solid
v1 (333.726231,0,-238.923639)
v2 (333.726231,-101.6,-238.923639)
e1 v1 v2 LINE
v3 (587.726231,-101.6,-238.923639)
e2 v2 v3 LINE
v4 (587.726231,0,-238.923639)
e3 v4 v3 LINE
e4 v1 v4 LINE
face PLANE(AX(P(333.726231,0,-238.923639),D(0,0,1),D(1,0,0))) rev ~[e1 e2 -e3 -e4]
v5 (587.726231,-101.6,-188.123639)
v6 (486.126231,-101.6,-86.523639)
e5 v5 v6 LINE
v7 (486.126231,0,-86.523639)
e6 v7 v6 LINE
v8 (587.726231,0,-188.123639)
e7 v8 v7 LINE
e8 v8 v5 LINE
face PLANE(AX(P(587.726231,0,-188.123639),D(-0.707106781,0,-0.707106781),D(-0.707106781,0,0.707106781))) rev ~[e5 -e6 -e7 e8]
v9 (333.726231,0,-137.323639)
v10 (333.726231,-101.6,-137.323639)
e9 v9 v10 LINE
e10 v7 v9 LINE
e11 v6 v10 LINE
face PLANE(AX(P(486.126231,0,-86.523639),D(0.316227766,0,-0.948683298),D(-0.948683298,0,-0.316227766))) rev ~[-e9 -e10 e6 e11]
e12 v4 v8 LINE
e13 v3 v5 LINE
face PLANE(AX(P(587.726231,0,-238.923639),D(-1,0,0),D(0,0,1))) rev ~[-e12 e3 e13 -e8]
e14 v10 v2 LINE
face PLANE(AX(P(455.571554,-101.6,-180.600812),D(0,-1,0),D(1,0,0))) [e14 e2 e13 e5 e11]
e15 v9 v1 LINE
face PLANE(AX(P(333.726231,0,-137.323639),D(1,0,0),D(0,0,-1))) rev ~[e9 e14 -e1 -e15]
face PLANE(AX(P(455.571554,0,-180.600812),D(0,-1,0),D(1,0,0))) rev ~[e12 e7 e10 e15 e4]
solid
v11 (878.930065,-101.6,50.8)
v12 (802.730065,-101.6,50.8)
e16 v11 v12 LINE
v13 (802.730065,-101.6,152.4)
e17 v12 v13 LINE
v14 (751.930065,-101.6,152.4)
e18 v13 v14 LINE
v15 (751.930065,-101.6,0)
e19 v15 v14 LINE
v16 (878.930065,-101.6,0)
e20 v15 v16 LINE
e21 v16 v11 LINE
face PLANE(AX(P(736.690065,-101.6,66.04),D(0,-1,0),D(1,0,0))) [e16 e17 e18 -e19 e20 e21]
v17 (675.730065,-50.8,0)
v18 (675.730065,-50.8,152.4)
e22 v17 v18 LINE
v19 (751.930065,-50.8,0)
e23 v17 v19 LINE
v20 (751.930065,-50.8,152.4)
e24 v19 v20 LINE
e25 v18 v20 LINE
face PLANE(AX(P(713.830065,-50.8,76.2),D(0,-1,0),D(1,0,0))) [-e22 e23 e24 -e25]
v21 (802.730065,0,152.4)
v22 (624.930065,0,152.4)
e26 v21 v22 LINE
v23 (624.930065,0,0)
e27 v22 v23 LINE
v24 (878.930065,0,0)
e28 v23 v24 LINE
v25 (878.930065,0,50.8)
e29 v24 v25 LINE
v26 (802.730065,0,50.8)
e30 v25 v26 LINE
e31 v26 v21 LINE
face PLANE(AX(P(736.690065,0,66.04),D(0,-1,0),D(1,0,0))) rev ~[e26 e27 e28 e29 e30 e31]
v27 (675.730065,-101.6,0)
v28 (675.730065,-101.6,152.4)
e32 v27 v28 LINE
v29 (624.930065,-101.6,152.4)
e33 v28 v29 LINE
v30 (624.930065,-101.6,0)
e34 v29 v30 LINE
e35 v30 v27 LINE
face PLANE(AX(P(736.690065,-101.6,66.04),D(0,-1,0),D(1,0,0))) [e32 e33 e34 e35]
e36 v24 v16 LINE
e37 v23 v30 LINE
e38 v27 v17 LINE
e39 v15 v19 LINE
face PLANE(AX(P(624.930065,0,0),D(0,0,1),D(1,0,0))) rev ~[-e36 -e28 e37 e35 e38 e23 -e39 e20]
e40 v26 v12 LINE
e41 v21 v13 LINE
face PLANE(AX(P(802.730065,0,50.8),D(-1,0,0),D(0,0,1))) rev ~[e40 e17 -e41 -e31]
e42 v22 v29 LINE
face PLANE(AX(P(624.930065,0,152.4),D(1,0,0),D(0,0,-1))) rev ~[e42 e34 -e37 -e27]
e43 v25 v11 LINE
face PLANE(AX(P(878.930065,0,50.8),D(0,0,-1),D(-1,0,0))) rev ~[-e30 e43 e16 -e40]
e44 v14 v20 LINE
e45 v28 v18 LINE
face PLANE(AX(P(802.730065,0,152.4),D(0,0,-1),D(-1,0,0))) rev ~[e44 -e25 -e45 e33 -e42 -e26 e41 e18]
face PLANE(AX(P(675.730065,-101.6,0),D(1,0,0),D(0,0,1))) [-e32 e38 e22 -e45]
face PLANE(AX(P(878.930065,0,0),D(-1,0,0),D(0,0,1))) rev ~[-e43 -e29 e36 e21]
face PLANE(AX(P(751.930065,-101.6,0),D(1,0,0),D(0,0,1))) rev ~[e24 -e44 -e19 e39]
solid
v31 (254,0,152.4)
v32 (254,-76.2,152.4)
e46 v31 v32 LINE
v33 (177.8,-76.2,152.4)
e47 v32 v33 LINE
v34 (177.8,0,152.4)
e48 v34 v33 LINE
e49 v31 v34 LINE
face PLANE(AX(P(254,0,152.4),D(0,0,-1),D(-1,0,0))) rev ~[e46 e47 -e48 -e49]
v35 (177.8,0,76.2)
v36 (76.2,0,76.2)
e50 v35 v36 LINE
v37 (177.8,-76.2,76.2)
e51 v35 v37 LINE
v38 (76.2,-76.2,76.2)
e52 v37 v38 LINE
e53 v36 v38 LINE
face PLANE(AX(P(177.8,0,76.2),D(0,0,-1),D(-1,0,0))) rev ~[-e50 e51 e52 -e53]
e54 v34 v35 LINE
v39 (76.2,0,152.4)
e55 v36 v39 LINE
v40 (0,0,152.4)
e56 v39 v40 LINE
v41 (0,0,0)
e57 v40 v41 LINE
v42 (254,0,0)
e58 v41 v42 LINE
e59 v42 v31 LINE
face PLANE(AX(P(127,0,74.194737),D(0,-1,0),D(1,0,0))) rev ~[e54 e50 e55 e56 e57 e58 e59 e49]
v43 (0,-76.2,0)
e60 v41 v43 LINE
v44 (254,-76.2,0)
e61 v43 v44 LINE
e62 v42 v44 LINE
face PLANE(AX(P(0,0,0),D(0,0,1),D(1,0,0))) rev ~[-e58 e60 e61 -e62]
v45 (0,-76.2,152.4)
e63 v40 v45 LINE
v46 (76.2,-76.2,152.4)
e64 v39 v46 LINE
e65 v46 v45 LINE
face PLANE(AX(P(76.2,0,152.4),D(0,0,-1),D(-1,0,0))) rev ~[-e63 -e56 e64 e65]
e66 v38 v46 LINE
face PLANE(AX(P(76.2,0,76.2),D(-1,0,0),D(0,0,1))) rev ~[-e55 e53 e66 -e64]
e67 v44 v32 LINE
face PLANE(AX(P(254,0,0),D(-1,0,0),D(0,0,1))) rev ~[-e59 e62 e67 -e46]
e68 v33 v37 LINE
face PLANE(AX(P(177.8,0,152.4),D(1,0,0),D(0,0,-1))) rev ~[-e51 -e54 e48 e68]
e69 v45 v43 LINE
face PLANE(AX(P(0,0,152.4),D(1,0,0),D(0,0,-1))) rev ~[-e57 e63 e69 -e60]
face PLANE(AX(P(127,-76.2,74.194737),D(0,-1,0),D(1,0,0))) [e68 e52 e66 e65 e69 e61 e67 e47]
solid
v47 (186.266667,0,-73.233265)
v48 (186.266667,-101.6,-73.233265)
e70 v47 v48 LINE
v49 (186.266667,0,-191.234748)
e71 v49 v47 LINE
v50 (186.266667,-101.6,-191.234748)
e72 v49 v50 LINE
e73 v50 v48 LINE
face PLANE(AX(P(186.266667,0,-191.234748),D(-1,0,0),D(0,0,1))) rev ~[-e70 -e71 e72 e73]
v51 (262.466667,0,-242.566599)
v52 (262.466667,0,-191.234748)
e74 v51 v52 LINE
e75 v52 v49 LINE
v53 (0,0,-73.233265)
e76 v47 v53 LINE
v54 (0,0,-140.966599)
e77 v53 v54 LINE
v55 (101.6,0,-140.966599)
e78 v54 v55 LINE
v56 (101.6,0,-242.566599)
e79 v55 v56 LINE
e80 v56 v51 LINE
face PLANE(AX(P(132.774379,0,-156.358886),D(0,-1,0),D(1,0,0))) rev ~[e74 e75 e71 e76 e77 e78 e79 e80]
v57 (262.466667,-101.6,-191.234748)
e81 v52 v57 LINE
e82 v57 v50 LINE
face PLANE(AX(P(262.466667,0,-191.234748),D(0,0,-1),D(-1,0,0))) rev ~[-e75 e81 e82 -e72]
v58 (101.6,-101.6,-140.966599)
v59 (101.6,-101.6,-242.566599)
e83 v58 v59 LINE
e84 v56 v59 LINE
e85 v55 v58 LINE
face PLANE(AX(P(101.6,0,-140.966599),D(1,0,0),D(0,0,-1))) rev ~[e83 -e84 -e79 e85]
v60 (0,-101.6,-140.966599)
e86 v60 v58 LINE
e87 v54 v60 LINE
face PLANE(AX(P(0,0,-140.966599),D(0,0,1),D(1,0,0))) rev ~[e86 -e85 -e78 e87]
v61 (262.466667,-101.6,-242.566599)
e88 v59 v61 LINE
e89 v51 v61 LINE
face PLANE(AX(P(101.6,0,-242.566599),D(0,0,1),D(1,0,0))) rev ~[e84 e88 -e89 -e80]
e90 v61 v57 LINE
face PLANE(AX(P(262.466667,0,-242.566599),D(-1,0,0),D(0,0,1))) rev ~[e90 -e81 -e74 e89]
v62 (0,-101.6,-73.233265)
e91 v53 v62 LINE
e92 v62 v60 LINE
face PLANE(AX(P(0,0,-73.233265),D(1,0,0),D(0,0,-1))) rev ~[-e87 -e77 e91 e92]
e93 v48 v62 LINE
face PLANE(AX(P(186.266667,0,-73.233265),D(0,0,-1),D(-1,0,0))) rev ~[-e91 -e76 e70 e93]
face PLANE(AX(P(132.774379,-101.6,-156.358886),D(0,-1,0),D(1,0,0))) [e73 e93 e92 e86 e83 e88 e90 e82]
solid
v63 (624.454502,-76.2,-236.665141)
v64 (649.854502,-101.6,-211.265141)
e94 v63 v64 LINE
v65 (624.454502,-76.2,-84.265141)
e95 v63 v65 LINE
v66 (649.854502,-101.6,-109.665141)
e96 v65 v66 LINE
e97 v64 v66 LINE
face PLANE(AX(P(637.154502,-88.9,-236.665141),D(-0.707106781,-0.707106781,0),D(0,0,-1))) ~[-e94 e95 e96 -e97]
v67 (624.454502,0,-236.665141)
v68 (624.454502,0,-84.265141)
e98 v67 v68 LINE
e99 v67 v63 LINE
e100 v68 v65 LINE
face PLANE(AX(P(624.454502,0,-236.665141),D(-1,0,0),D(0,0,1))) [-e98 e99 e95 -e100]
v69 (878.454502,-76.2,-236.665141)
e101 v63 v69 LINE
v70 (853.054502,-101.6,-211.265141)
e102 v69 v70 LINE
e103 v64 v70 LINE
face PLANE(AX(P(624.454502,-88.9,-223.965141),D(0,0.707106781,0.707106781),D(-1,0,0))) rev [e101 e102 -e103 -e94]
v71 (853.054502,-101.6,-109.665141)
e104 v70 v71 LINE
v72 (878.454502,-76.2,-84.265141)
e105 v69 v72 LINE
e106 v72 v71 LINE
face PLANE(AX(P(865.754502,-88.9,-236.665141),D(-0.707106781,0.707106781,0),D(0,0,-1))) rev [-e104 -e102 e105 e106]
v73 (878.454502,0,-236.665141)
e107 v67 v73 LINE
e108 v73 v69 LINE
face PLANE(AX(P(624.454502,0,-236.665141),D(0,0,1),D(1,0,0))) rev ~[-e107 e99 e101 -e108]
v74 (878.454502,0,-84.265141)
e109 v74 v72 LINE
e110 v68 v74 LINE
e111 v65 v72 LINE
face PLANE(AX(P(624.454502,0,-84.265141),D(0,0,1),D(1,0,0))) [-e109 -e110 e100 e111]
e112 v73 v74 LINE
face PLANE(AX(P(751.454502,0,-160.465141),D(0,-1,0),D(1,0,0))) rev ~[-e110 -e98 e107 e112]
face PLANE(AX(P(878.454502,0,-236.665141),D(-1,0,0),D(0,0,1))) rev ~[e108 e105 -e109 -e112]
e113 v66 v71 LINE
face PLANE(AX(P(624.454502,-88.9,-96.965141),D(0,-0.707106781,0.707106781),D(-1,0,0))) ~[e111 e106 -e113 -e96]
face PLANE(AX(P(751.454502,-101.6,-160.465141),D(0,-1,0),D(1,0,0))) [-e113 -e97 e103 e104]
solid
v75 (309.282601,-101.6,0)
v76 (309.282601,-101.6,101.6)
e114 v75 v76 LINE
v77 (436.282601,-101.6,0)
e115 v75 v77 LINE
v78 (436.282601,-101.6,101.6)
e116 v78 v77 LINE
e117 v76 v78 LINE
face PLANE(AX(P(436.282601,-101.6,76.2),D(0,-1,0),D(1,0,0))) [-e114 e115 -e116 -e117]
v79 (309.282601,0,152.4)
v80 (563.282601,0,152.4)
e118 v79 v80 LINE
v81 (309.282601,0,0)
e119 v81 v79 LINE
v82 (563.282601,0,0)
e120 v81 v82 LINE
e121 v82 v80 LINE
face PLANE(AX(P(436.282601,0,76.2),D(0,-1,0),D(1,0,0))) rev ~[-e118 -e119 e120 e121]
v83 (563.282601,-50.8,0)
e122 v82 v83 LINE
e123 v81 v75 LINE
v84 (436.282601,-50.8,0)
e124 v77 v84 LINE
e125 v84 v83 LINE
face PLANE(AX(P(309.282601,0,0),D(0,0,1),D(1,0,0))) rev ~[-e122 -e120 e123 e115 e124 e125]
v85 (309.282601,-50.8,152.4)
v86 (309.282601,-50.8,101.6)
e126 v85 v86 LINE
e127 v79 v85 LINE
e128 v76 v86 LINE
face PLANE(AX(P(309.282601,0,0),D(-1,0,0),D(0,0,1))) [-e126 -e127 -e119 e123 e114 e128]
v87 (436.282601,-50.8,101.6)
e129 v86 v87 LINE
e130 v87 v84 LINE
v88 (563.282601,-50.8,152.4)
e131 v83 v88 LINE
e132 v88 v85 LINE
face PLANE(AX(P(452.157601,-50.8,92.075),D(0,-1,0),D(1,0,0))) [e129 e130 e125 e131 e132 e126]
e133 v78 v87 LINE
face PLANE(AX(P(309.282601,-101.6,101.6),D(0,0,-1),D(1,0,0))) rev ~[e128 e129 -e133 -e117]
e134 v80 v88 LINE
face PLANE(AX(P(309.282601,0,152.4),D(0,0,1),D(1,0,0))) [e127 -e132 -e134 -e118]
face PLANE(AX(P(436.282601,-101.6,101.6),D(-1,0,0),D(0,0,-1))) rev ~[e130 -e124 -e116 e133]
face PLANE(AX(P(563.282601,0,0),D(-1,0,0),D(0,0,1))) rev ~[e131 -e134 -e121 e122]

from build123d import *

# Parameters (mm, degrees)
F1_DEPTH  = 76.2
F2_W      = 254
F2_H      = 152.4
F3_DEPTH  = 101.6
F5_DEPTH  = 50.8
F6_W      = 76.2
F6_H      = 101.6
F7_DEPTH  = 101.6
F8_W      = 76.2
F8_H      = 152.4
F9_DEPTH  = 50.8
F11_DEPTH = 101.6
F13_DEPTH = 101.6
F14_W     = 254
F14_H     = 152.4
F15_DEPTH = 101.6
F16_SIZE  = 25.4


with BuildPart() as f1:
    # F0 (on Front) → F1 (new body)
    with BuildSketch(Plane.XZ):
        Polygon((0, 152.4), (0, 0), (254, 0), (254, 152.4), (177.8, 152.4), (177.8, 76.2), (76.2, 76.2), (76.2, 152.4), align=None)
    extrude(amount=F1_DEPTH)


with BuildPart() as f3:
    # F2 (on Front) → F3 (new body)
    with BuildSketch(Plane.XZ):
        with Locations((436.282601, 76.2)):
            Rectangle(F2_W, F2_H)
    extrude(amount=F3_DEPTH)

    # F4 (on face) → F5 (cut)
    with BuildSketch(Plane.XZ.offset(101.6)):
        Polygon((309.282601, 152.4), (309.282601, 101.6), (436.282601, 101.6), (436.282601, 0), (563.282601, 0), (563.282601, 152.4), align=None)
    extrude(amount=-F5_DEPTH, mode=Mode.SUBTRACT)


with BuildPart() as f7:
    # F6 (on Front) → F7 (new body)
    with BuildSketch(Plane.XZ):
        Polygon((624.930065, 152.4), (624.930065, 0), (878.930065, 0), (878.930065, 50.8), (802.730065, 50.8), (802.730065, 152.4), (751.930065, 152.4), (751.930065, 50.8), (675.730065, 50.8), (675.730065, 152.4), align=None)
        with Locations((713.830065, 101.6)):
            Rectangle(F6_W, F6_H)
    extrude(amount=F7_DEPTH)

    # F8 (on face) → F9 (cut)
    with BuildSketch(Plane.XZ.offset(101.6)):
        with Locations((713.830065, 76.2)):
            Rectangle(F8_W, F8_H)
    extrude(amount=-F9_DEPTH, mode=Mode.SUBTRACT)


with BuildPart() as f11:
    # F10 (on Front) → F11 (new body)
    with BuildSketch(Plane.XZ):
        Polygon((186.266667, -73.233265), (0, -73.233265), (0, -140.966599), (101.6, -140.966599), (101.6, -242.566599), (262.466667, -242.566599), (262.466667, -191.234748), (186.266667, -191.234748), align=None)
    extrude(amount=F11_DEPTH)


with BuildPart() as f13:
    # F12 (on Front) → F13 (new body)
    with BuildSketch(Plane.XZ):
        Polygon((333.726231, -137.323639), (333.726231, -238.923639), (587.726231, -238.923639), (587.726231, -188.123639), (486.126231, -86.523639), align=None)
    extrude(amount=F13_DEPTH)


with BuildPart() as f15:
    # F14 (on Front) → F15 (new body)
    with BuildSketch(Plane.XZ):
        with Locations((751.454502, -160.465141)):
            Rectangle(F14_W, F14_H)
    extrude(amount=F15_DEPTH)

    # F16
    f16_edges = [f15.edges().sort_by_distance(p)[0] for p in [
        (624.454502, -101.6, -160.465141),
        (751.454502, -101.6, -236.665141),
        (878.454502, -101.6, -160.465141),
        (751.454502, -101.6, -84.265141),
    ]]
    chamfer(f16_edges, length=F16_SIZE)


solid = Compound([f1.part, f3.part, f7.part, f11.part, f13.part, f15.part])
